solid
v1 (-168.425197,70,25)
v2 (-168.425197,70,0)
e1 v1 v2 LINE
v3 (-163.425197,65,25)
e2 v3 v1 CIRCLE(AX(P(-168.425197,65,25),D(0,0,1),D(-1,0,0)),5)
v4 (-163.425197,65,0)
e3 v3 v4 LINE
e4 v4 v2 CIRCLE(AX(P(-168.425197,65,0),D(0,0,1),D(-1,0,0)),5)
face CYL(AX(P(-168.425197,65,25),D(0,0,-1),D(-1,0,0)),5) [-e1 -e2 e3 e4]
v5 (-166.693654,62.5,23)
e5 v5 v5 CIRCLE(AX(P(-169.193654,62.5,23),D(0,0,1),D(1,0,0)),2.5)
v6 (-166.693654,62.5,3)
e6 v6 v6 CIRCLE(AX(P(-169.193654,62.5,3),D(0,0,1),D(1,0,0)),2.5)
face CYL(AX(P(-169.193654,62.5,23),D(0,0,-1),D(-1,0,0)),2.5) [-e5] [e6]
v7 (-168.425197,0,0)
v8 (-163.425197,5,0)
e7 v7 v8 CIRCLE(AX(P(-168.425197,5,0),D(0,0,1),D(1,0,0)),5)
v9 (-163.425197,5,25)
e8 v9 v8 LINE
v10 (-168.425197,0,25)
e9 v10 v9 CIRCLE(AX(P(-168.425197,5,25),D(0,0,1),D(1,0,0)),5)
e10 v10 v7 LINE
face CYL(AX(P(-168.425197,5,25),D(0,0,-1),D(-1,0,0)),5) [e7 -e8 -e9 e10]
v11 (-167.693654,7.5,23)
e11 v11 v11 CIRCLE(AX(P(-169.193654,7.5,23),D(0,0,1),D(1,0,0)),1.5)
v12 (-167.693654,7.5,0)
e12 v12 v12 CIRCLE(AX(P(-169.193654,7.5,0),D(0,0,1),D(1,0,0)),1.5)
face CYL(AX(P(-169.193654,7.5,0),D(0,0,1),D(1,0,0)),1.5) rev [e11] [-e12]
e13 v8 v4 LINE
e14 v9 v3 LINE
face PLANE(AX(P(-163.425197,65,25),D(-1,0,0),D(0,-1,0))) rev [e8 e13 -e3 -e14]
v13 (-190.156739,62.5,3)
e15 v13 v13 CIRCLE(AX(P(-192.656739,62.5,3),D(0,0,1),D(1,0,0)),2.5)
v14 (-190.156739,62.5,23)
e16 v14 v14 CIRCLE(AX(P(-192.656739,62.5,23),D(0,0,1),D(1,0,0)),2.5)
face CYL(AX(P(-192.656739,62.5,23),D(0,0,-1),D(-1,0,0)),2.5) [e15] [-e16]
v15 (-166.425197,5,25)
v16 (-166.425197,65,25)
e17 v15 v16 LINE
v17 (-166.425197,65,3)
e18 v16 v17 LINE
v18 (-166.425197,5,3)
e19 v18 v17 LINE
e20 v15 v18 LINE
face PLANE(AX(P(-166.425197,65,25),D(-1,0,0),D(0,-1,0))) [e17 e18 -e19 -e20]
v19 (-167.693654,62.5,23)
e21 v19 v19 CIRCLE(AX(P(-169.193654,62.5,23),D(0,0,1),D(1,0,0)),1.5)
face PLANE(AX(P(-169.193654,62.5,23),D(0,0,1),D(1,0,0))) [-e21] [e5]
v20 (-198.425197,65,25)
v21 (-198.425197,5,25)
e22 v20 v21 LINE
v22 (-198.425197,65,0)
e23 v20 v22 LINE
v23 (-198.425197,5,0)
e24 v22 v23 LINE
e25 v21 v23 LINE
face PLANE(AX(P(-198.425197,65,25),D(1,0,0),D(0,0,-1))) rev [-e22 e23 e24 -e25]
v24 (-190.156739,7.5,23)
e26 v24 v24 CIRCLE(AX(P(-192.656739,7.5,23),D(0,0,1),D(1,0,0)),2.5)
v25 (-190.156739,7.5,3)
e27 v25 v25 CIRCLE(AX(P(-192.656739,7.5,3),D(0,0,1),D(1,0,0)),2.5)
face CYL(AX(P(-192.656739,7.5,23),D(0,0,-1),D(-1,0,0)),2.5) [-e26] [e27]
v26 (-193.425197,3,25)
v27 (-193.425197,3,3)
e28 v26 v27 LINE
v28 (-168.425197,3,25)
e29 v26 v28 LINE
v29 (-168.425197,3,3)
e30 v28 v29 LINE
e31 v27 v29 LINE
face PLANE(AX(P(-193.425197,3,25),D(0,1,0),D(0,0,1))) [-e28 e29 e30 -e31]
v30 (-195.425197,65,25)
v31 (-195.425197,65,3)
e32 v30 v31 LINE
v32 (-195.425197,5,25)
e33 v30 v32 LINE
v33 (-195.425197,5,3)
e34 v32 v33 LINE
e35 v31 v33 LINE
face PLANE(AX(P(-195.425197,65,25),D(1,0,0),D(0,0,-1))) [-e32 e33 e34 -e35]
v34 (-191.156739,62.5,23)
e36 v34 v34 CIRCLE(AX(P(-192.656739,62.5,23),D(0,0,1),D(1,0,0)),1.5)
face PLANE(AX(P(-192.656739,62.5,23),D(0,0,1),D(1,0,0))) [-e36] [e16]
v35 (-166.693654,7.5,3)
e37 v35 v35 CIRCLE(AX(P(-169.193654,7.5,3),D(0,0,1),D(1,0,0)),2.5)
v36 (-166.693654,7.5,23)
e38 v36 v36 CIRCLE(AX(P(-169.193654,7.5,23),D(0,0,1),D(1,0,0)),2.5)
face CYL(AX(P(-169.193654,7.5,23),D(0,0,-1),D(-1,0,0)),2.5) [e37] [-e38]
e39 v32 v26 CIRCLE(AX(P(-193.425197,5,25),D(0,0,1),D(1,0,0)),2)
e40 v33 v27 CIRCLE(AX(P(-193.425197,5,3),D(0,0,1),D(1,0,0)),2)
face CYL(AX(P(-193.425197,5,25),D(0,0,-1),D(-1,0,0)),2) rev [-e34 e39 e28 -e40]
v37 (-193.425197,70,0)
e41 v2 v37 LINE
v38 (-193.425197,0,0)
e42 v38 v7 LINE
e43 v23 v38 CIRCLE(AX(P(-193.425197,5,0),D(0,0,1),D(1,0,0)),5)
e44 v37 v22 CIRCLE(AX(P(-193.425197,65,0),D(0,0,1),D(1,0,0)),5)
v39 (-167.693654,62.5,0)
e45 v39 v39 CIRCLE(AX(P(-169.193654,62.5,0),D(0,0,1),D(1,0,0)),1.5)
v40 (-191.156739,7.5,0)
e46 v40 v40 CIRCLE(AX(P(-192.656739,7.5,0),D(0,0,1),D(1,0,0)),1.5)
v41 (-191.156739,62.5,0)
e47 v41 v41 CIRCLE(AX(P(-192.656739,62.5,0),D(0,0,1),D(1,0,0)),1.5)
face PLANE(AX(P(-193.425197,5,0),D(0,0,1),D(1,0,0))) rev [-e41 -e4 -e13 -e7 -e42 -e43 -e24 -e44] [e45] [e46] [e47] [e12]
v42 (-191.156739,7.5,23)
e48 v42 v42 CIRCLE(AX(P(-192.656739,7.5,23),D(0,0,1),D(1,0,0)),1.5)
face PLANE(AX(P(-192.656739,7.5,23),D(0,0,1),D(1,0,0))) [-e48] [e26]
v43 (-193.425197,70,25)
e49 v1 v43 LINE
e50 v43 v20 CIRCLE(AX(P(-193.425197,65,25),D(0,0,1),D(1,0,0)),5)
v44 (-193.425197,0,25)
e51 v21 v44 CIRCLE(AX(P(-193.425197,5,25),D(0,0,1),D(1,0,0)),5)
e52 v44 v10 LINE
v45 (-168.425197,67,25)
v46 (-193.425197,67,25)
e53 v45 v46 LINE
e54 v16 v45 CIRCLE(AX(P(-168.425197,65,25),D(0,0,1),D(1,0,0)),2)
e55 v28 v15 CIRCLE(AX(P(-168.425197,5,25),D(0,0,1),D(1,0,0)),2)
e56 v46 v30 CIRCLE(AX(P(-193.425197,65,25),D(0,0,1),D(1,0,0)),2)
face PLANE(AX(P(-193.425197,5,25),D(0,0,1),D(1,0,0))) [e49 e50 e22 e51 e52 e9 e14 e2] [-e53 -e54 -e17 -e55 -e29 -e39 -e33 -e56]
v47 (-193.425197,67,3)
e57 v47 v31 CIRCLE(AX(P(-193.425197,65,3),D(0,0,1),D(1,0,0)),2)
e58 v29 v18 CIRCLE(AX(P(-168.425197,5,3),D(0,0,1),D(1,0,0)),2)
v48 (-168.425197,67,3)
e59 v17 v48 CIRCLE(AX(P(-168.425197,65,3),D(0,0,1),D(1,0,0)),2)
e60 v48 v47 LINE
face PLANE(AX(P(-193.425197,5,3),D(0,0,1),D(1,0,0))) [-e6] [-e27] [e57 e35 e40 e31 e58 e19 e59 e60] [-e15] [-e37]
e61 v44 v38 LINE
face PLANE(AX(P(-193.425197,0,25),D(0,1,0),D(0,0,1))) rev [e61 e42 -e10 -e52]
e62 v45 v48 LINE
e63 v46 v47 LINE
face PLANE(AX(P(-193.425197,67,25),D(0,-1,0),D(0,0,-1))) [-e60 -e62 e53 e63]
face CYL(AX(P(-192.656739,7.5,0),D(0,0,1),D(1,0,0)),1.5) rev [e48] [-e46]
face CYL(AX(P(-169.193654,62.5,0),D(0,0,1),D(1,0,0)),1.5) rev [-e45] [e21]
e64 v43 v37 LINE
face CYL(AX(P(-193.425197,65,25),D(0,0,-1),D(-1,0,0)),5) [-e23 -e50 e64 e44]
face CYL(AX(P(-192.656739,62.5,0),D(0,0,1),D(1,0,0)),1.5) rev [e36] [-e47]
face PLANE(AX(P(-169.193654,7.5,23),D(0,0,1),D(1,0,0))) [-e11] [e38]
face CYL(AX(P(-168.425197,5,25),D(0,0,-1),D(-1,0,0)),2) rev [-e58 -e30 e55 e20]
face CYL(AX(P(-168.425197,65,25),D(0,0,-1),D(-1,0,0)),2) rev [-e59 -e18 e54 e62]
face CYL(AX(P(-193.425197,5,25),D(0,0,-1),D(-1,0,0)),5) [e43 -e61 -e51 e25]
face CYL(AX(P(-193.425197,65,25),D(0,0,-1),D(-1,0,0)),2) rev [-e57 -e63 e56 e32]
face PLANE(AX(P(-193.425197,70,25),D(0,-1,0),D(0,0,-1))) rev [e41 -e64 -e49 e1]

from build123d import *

# Parameters (mm, degrees)
EXTRUDE_1_DEPTH          = 25
SHELL_2_T                = -3
SKETCH_3_R               = 2.5
EXTRUDE_4_DEPTH          = 20
CUT_EXTRUDE_4_DEPTH      = 212.557459677
CUT_EXTRUDE_4_DEPTH_BACK = 212.557459677
SKETCH_4_R               = 1.5


with BuildPart() as part:
    # 草图1 → 凸台-拉伸1 (new body)
    with BuildSketch(Plane.XY):
        with BuildLine():
            Line((-193.42519685, 70), (-168.42519685, 70))
            ThreePointArc((-168.42519685, 70), (-164.889662944, 68.535533906), (-163.42519685, 65))
            Line((-163.42519685, 65), (-163.42519685, 5))
            ThreePointArc((-163.42519685, 5), (-164.889662944, 1.464466094), (-168.42519685, 0))
            Line((-168.42519685, 0), (-193.42519685, 0))
            ThreePointArc((-193.42519685, 0), (-196.960730756, 1.464466094), (-198.42519685, 5))
            Line((-198.42519685, 5), (-198.42519685, 65))
            ThreePointArc((-198.42519685, 65), (-196.960730756, 68.535533906), (-193.42519685, 70))
        make_face()
    extrude(amount=EXTRUDE_1_DEPTH)

    # 抽壳2
    shell_2_openings = [part.faces().sort_by_distance(p)[0] for p in [
        (-180.92519685, 35, 25),
    ]]
    offset(amount=SHELL_2_T, openings=shell_2_openings, kind=Kind.INTERSECTION)

    # 草图3 → 凸台-拉伸4 (add)
    with BuildSketch(Plane.XY.offset(3)):
        with Locations((-192.656739456, 62.5)):
            Circle(SKETCH_3_R)
        with Locations((-192.656739456, 7.5)):
            Circle(SKETCH_3_R)
        with Locations((-169.193654245, 62.5)):
            Circle(SKETCH_3_R)
        with Locations((-169.193654245, 7.5)):
            Circle(SKETCH_3_R)
    extrude(amount=EXTRUDE_4_DEPTH)

    # 草图4 → 切除-拉伸4 (cut, two sides: drawn at the far end of the back side and taken through both)
    with BuildSketch(Plane.XY.offset(3).offset(-CUT_EXTRUDE_4_DEPTH_BACK)):
        with Locations((-192.656739456, 62.5)):
            Circle(SKETCH_4_R)
        with Locations((-169.193654245, 62.5)):
            Circle(SKETCH_4_R)
        with Locations((-169.193654245, 7.5)):
            Circle(SKETCH_4_R)
        with Locations((-192.656739456, 7.5)):
            Circle(SKETCH_4_R)
    extrude(amount=CUT_EXTRUDE_4_DEPTH + CUT_EXTRUDE_4_DEPTH_BACK, mode=Mode.SUBTRACT)


solid = part.part
